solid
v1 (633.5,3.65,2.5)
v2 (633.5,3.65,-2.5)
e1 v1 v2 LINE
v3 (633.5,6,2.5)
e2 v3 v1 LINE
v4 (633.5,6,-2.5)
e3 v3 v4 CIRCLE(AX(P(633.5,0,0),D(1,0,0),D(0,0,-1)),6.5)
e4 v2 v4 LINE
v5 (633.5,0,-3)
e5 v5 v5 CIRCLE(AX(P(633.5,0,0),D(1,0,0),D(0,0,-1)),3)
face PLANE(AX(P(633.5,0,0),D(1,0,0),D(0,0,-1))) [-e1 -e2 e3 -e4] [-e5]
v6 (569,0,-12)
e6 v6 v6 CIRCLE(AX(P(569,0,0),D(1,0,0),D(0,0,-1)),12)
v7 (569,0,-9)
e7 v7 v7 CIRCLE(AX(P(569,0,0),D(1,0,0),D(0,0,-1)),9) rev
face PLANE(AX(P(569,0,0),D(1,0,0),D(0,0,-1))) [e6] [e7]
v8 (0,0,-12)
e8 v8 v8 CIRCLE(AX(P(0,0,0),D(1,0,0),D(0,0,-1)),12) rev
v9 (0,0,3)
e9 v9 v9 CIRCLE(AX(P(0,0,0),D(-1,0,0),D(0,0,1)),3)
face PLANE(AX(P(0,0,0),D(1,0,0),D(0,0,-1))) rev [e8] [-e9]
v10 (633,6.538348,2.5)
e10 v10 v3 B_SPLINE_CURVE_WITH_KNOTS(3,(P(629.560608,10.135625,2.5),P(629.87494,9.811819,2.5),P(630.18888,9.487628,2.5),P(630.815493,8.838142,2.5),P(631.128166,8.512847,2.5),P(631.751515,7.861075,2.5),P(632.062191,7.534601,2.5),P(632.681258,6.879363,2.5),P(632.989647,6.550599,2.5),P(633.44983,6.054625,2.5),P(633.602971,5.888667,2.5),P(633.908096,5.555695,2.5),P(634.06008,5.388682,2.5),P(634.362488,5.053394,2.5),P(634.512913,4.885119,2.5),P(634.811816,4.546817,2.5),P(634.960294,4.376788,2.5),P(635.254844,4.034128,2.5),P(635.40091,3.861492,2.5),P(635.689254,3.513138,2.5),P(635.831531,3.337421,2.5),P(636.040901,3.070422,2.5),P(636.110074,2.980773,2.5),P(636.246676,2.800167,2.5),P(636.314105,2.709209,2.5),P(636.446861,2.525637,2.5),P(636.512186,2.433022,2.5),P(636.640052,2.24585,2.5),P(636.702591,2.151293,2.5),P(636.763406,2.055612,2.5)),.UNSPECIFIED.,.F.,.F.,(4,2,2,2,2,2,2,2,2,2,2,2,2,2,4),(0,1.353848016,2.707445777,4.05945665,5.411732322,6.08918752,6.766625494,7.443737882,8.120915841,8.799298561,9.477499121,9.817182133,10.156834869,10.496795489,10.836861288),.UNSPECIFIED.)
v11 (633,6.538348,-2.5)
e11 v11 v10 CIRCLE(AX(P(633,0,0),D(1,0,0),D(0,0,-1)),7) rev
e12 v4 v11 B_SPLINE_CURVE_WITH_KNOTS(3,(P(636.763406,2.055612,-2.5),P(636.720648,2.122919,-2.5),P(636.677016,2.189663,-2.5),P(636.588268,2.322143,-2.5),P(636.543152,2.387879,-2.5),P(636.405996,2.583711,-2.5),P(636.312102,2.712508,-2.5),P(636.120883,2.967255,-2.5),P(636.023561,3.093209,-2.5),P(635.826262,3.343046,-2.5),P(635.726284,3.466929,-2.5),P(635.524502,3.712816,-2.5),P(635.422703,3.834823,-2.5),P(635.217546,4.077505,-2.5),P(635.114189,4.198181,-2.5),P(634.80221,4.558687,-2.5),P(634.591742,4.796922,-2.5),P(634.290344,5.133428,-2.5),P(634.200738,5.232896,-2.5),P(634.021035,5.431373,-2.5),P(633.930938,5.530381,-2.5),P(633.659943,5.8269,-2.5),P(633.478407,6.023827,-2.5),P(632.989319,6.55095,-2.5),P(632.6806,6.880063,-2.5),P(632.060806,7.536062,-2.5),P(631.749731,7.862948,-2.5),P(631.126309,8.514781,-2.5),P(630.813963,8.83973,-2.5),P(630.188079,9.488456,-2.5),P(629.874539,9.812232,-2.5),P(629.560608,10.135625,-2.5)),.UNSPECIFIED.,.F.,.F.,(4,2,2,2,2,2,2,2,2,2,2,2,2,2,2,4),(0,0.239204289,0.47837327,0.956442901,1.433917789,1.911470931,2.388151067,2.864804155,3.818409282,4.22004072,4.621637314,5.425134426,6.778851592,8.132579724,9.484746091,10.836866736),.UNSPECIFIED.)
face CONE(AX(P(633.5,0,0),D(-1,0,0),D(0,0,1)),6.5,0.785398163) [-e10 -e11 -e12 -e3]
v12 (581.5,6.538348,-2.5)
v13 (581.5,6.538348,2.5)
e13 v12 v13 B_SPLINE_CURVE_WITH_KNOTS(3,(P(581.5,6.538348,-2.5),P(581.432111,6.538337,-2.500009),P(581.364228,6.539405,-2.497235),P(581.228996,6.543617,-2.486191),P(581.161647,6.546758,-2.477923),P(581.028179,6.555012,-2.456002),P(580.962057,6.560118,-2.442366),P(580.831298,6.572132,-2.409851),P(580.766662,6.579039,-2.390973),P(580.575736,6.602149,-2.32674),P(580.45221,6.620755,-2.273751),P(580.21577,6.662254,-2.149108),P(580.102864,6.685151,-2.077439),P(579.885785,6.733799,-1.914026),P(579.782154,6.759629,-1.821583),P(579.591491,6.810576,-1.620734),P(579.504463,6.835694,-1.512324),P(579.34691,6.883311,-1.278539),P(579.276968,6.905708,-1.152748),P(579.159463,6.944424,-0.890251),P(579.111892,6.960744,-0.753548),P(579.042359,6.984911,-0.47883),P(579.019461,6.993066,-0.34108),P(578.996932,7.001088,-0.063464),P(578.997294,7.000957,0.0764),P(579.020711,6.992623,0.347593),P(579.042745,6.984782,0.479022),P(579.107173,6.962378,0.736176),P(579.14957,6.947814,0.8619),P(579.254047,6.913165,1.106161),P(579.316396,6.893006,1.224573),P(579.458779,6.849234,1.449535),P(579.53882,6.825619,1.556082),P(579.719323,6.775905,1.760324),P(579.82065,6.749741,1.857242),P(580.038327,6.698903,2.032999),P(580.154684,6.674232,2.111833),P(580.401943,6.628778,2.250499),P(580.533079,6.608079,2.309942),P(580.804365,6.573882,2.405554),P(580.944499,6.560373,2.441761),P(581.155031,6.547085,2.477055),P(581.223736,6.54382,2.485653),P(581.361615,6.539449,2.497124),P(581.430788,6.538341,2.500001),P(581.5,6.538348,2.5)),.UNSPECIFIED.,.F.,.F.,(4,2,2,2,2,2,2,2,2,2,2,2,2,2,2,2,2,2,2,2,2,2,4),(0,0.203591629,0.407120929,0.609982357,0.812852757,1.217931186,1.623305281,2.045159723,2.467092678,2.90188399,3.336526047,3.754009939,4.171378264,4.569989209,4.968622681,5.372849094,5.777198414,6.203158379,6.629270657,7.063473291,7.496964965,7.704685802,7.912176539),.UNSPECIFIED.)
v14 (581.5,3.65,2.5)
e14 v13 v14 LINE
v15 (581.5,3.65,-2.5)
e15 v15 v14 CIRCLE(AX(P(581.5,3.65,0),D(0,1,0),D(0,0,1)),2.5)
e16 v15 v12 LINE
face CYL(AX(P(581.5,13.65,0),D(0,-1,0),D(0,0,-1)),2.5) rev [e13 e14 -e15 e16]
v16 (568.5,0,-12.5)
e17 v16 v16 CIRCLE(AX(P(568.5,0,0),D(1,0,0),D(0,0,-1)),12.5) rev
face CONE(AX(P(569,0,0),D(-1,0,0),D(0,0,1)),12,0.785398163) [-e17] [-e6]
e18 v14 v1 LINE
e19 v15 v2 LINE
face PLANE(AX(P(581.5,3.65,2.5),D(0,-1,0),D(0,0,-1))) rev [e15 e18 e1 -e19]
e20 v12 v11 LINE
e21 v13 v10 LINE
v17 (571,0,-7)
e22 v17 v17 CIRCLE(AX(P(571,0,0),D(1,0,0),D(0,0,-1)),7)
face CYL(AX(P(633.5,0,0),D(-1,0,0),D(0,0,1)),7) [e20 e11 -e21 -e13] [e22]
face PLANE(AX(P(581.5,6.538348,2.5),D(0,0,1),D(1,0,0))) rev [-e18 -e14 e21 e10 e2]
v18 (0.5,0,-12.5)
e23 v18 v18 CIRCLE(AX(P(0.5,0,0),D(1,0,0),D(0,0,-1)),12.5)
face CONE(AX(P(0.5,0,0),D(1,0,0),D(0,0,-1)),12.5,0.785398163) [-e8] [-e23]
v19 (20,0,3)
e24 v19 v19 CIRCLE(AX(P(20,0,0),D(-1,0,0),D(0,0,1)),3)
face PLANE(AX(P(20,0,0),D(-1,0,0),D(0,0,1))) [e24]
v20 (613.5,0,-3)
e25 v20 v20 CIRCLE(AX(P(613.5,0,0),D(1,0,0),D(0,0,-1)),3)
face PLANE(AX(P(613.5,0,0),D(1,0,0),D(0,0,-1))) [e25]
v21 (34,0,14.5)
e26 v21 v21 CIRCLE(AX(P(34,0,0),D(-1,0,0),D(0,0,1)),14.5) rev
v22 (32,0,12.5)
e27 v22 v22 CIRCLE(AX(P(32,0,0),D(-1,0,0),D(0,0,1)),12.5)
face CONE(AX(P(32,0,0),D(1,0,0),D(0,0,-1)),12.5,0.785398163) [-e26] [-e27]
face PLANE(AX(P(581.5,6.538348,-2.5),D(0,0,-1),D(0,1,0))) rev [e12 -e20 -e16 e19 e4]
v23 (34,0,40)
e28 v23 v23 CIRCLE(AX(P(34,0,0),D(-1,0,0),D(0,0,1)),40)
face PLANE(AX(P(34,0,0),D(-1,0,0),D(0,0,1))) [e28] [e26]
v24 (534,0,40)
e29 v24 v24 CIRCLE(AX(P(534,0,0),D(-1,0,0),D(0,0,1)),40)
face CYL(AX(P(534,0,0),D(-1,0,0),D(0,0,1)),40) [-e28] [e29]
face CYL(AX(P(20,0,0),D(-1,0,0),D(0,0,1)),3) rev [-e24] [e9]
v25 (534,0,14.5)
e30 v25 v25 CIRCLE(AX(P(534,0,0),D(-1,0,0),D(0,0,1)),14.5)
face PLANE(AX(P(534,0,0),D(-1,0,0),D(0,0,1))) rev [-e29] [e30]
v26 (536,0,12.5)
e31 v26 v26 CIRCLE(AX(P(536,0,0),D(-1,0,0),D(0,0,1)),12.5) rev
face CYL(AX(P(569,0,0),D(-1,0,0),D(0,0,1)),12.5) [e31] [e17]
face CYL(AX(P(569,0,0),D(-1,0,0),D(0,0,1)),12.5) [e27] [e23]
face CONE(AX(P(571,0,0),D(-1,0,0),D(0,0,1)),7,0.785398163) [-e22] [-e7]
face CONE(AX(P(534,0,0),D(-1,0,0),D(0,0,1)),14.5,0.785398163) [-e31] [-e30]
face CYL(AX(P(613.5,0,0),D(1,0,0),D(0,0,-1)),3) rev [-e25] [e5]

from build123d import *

# Parameters (mm, degrees)
SCHIZZO1_R               = 12.5
ESTRUSIONE1_DEPTH        = 569
SCHIZZO2_R               = 7
ESTRUSIONE2_DEPTH        = 64.5
SCHIZZO3_R               = 3
TAGLIO_ESTRUSIONE1_DEPTH = 20
TAGLIO_ESTRUSIONE2_START = -20
SCHIZZO4_R               = 3
TAGLIO_ESTRUSIONE2_DEPTH = 20
SCHIZZO5_R               = 40
ESTRUSIONE3_DEPTH        = 500
SMUSSO1_SIZE             = 2
SMUSSO2_SIZE             = 0.5
TAGLIO_ESTRUSIONE3_START = -52
TAGLIO_ESTRUSIONE3_DEPTH = 52
TAGLIO_ESTRUSIONE4_DEPTH = 10


with BuildPart() as part:
    # Schizzo1 → Estrusione1 (new body)
    with BuildSketch(Plane(origin=(0, 0, 0), x_dir=(0, 0, -1), z_dir=(1, 0, 0))):
        Circle(SCHIZZO1_R)
    extrude(amount=ESTRUSIONE1_DEPTH)

    # Schizzo2 → Estrusione2 (add)
    with BuildSketch(Plane(origin=(569, 0, 0), x_dir=(0, 0, -1), z_dir=(1, 0, 0))):
        Circle(SCHIZZO2_R)
    extrude(amount=ESTRUSIONE2_DEPTH)

    # Schizzo3 → Taglio-Estrusione1 (cut)
    with BuildSketch(Plane(origin=(633.5, 0, 0), x_dir=(0, 0, -1), z_dir=(1, 0, 0))):
        Circle(SCHIZZO3_R)
    extrude(amount=-TAGLIO_ESTRUSIONE1_DEPTH, mode=Mode.SUBTRACT)

    # Schizzo4 → Taglio-Estrusione2 (cut)
    with BuildSketch(Plane.ZY.offset(TAGLIO_ESTRUSIONE2_START)):
        with Locations(Location((0, 0, 0), (0, 0, 180))):
            Circle(SCHIZZO4_R)
    extrude(amount=TAGLIO_ESTRUSIONE2_DEPTH, mode=Mode.SUBTRACT)

    # Schizzo5 → Estrusione3 (add)
    with BuildSketch(Plane.ZY.offset(-34)):
        Circle(SCHIZZO5_R)
    extrude(amount=-ESTRUSIONE3_DEPTH)

    # Smusso1
    smusso1_edges = [part.edges().sort_by_distance(p)[0] for p in [
        (534, 0, 12.5),
        (34, 0, 12.5),
        (569, 0, 7),
    ]]
    chamfer(smusso1_edges, length=SMUSSO1_SIZE)

    # Smusso2
    smusso2_edges = [part.edges().sort_by_distance(p)[0] for p in [
        (0, 0, 12.5),
        (569, 0, 12.5),
        (633.5, 0, 7),
    ]]
    chamfer(smusso2_edges, length=SMUSSO2_SIZE)

    # Schizzo7 → Taglio-Estrusione3 (cut)
    with BuildSketch(Plane(origin=(633.5, 0, 0), x_dir=(0, 0, -1), z_dir=(1, 0, 0)).offset(TAGLIO_ESTRUSIONE3_START)):
        with BuildLine():
            Line((-2.5, 6.538348415), (-2.5, 3.65))
            Line((-2.5, 3.65), (2.5, 3.65))
            Line((2.5, 3.65), (2.5, 6.538348415))
            ThreePointArc((2.5, 6.538348415), (0, 7), (-2.5, 6.538348415))
        make_face()
    extrude(amount=TAGLIO_ESTRUSIONE3_DEPTH, mode=Mode.SUBTRACT)

    # Schizzo8 → Taglio-Estrusione4 (cut)
    with BuildSketch(Plane(origin=(0, 3.65, 0), x_dir=(1, 0, 0), z_dir=(0, 1, 0))):
        with BuildLine():
            Line((581.5, -2.5), (581.5, 2.5))
            ThreePointArc((581.5, 2.5), (579, 0), (581.5, -2.5))
        make_face()
    extrude(amount=TAGLIO_ESTRUSIONE4_DEPTH, mode=Mode.SUBTRACT)


solid = part.part
